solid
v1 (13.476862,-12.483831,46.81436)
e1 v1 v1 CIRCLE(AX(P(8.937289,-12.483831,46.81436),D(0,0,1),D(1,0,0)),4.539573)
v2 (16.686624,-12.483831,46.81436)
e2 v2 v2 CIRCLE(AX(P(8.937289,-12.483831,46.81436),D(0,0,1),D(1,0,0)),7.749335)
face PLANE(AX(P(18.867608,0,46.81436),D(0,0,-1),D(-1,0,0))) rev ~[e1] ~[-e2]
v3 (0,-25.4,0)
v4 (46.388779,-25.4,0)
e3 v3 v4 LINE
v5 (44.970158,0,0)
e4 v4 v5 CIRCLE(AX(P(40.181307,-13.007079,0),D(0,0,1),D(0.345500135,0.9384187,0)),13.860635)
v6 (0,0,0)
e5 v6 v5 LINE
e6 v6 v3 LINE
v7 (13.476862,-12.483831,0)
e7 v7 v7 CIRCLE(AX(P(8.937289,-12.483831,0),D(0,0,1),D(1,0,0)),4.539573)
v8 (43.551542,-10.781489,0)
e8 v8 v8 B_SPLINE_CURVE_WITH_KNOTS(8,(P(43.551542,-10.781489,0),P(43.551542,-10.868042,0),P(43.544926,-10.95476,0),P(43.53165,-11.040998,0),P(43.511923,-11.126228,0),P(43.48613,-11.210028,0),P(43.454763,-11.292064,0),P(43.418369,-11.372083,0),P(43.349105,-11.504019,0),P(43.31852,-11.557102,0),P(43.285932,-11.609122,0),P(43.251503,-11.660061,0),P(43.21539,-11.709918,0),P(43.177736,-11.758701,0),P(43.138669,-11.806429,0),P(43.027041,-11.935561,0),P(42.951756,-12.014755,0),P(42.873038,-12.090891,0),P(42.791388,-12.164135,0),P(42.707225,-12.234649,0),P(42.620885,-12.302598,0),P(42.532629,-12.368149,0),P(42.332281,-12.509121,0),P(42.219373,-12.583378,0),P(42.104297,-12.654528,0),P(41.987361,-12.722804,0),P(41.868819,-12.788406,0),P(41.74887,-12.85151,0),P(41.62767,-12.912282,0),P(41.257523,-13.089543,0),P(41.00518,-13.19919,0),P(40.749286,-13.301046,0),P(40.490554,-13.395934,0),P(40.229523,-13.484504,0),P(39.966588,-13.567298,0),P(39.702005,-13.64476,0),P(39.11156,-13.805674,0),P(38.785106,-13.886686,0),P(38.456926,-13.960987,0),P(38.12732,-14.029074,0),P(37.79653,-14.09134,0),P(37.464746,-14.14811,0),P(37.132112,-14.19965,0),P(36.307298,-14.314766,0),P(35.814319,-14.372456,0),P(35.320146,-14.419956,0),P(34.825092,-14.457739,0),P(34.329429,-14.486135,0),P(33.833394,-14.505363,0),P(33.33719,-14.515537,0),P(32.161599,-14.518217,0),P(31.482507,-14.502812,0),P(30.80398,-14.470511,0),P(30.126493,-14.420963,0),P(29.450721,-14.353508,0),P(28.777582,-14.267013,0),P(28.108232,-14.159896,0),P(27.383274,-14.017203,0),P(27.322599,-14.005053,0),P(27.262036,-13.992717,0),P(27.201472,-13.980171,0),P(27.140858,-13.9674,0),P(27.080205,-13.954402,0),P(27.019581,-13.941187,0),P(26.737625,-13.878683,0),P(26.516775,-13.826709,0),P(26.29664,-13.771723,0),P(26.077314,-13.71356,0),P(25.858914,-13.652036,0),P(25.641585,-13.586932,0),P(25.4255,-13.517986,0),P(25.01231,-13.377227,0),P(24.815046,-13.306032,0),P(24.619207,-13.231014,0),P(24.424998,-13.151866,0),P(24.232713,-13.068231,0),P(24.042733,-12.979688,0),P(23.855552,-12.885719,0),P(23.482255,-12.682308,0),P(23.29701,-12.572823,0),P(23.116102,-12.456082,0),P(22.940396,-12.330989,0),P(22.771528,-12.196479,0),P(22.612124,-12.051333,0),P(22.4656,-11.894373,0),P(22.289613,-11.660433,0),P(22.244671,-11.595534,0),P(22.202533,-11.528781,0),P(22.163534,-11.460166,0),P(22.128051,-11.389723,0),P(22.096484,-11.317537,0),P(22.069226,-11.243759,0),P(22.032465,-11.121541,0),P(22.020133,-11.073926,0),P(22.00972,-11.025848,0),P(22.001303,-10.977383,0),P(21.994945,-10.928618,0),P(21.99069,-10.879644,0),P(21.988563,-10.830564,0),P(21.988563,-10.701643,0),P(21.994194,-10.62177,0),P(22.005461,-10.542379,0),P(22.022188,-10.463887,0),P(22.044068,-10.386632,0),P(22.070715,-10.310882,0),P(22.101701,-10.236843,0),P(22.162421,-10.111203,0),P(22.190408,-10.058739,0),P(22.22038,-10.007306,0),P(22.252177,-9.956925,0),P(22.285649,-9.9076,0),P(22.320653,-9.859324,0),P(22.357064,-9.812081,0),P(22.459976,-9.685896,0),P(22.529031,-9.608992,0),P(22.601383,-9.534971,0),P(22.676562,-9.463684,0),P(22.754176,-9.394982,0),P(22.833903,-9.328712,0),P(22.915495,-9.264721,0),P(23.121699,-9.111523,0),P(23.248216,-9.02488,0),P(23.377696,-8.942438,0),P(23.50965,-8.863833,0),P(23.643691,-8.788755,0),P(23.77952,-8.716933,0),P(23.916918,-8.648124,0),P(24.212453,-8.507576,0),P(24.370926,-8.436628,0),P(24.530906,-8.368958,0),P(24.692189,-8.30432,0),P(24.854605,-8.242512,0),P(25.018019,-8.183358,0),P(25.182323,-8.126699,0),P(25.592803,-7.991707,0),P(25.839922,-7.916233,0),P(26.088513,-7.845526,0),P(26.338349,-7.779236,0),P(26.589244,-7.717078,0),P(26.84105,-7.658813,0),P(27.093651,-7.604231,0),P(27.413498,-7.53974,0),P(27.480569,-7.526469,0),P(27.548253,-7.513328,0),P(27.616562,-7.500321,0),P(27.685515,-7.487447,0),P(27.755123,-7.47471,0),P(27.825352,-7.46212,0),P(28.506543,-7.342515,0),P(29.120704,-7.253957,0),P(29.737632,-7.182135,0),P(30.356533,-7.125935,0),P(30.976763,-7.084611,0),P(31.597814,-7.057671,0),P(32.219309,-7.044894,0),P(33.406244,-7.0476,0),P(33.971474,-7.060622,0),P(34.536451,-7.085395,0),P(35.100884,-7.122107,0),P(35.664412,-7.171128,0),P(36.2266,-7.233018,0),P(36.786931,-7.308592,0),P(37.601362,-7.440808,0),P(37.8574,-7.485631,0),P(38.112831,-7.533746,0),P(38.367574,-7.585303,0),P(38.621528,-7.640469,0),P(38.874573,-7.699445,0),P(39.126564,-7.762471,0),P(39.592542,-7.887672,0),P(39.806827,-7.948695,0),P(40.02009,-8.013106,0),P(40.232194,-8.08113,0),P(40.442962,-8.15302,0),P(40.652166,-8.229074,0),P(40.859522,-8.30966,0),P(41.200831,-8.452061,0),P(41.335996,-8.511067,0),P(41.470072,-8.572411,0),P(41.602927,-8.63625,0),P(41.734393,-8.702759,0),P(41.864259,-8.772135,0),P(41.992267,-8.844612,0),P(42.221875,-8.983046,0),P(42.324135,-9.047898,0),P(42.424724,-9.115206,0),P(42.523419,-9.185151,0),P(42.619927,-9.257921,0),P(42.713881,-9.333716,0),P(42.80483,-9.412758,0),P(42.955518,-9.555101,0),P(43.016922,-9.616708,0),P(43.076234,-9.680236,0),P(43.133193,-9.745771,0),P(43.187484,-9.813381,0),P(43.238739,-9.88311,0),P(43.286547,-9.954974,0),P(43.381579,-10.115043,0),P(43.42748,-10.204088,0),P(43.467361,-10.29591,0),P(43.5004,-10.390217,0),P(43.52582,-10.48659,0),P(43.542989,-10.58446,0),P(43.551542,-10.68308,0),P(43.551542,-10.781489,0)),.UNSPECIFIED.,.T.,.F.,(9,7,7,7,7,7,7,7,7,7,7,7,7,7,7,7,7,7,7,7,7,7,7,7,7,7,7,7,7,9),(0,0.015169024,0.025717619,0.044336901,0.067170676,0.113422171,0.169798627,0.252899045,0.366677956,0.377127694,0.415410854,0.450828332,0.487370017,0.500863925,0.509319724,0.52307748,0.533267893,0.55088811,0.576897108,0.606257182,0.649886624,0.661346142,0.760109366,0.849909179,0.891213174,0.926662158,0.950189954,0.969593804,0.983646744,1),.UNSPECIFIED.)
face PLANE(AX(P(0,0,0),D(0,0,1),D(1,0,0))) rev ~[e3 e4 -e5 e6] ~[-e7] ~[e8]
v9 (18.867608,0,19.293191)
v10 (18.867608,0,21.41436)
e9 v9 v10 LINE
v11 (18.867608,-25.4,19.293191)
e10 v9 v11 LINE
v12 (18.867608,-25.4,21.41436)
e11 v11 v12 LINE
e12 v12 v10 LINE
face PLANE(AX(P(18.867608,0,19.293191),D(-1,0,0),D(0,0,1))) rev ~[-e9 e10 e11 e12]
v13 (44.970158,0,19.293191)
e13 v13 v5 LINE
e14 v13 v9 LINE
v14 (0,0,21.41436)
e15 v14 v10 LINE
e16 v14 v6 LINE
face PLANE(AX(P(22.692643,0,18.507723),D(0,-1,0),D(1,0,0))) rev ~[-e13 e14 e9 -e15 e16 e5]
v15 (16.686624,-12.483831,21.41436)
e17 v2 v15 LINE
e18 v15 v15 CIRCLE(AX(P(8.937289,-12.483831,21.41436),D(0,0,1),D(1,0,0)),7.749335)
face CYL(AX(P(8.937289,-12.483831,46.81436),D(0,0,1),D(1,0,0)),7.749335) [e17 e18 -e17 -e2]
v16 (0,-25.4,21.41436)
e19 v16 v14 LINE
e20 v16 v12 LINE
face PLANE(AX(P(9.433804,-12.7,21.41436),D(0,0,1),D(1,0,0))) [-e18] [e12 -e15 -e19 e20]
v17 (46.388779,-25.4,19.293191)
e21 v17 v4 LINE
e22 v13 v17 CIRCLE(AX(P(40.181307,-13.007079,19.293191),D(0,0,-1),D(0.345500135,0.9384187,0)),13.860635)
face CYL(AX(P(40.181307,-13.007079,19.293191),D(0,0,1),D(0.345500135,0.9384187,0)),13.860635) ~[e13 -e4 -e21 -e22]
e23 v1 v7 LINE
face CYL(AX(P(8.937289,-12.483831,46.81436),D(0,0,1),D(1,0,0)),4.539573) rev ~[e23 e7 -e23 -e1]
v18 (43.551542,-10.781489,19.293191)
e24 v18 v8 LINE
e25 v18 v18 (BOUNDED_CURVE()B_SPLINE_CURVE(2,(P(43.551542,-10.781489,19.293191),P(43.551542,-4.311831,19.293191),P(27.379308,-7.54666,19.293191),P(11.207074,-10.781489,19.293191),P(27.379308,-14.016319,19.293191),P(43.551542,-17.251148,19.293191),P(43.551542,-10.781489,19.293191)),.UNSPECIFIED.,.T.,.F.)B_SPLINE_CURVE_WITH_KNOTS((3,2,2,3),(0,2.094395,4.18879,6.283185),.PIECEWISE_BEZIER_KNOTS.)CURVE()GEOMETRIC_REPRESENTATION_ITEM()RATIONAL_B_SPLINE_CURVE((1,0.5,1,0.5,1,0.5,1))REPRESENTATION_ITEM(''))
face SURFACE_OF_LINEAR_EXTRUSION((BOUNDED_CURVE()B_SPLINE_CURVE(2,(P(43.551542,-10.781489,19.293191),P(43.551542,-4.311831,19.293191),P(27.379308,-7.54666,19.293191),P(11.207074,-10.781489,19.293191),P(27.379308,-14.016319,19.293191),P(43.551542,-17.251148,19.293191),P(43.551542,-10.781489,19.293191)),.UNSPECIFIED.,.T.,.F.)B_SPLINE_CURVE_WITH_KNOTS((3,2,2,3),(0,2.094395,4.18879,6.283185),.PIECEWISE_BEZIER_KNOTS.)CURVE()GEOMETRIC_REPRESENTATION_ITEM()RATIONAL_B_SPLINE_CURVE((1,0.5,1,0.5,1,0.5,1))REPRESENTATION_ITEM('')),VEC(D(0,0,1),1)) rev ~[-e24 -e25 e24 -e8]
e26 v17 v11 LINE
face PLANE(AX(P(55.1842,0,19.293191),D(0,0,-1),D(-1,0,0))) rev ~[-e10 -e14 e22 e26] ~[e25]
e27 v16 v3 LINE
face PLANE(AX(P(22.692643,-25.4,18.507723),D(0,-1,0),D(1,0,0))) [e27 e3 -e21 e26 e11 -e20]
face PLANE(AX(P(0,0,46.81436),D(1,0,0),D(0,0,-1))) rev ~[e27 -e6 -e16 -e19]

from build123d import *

# Parameters (mm, degrees)
F1_DEPTH = 25.4
F2_W     = 18.867608
F2_H     = 25.4
F2_R     = 7.749335
F3_DEPTH = 25.4
F5_DEPTH = 25.4
F7_DEPTH = 25.4
F8_R     = 4.539573
F9_DEPTH = 50.8


with BuildPart() as f1:
    # F0 (on Front) → F1 (new body)
    with BuildSketch(Plane.XZ):
        Polygon((0, 46.81436), (0, 0), (55.1842, 0), (55.1842, 19.293191), (18.867608, 19.293191), (18.867608, 46.81436), align=None)
    extrude(amount=F1_DEPTH)

    # F2 (on face) → F3 (cut)
    with BuildSketch(Plane.XY.offset(46.81436)):
        with Locations((9.433804, -12.7)):
            Rectangle(F2_W, F2_H)
        with Locations((8.937289, -12.483831)):
            Circle(F2_R, mode=Mode.SUBTRACT)
    extrude(amount=-F3_DEPTH, mode=Mode.SUBTRACT)

    # F4 (on face) → F5 (cut)
    with BuildSketch(Plane.XY.offset(19.293191)):
        with BuildLine():
            ThreePointArc((44.970158, 0), (54.020374, -12.23415), (46.388779, -25.4))
            Line((46.388779, -25.4), (55.1842, -25.4))
            Line((55.1842, -25.4), (55.1842, 0))
            Line((55.1842, 0), (44.970158, 0))
        make_face()
    extrude(amount=-F5_DEPTH, mode=Mode.SUBTRACT)

    # F6 (on face) → F7 (cut)
    with BuildSketch(Plane.XY.offset(19.293191)):
        with BuildLine():
            add(Edge.make_bspline(
                [(43.551542, -10.781489), (43.551542, -4.311831), (27.379308, -7.54666), (11.207074, -10.781489), (27.379308, -14.016319), (43.551542, -17.251148), (43.551542, -10.781489)],
                knots=[0, 0, 0, 2.094395, 2.094395, 4.18879, 4.18879, 6.283185, 6.283185, 6.283185], degree=2, weights=[1, 0.5, 1, 0.5, 1, 0.5, 1]))
        make_face()
    extrude(amount=-F7_DEPTH, mode=Mode.SUBTRACT)

    # F8 (on face) → F9 (cut)
    with BuildSketch(Plane.XY.offset(46.81436)):
        with Locations((8.937289, -12.483831)):
            Circle(F8_R)
    extrude(amount=-F9_DEPTH, mode=Mode.SUBTRACT)


solid = f1.part
